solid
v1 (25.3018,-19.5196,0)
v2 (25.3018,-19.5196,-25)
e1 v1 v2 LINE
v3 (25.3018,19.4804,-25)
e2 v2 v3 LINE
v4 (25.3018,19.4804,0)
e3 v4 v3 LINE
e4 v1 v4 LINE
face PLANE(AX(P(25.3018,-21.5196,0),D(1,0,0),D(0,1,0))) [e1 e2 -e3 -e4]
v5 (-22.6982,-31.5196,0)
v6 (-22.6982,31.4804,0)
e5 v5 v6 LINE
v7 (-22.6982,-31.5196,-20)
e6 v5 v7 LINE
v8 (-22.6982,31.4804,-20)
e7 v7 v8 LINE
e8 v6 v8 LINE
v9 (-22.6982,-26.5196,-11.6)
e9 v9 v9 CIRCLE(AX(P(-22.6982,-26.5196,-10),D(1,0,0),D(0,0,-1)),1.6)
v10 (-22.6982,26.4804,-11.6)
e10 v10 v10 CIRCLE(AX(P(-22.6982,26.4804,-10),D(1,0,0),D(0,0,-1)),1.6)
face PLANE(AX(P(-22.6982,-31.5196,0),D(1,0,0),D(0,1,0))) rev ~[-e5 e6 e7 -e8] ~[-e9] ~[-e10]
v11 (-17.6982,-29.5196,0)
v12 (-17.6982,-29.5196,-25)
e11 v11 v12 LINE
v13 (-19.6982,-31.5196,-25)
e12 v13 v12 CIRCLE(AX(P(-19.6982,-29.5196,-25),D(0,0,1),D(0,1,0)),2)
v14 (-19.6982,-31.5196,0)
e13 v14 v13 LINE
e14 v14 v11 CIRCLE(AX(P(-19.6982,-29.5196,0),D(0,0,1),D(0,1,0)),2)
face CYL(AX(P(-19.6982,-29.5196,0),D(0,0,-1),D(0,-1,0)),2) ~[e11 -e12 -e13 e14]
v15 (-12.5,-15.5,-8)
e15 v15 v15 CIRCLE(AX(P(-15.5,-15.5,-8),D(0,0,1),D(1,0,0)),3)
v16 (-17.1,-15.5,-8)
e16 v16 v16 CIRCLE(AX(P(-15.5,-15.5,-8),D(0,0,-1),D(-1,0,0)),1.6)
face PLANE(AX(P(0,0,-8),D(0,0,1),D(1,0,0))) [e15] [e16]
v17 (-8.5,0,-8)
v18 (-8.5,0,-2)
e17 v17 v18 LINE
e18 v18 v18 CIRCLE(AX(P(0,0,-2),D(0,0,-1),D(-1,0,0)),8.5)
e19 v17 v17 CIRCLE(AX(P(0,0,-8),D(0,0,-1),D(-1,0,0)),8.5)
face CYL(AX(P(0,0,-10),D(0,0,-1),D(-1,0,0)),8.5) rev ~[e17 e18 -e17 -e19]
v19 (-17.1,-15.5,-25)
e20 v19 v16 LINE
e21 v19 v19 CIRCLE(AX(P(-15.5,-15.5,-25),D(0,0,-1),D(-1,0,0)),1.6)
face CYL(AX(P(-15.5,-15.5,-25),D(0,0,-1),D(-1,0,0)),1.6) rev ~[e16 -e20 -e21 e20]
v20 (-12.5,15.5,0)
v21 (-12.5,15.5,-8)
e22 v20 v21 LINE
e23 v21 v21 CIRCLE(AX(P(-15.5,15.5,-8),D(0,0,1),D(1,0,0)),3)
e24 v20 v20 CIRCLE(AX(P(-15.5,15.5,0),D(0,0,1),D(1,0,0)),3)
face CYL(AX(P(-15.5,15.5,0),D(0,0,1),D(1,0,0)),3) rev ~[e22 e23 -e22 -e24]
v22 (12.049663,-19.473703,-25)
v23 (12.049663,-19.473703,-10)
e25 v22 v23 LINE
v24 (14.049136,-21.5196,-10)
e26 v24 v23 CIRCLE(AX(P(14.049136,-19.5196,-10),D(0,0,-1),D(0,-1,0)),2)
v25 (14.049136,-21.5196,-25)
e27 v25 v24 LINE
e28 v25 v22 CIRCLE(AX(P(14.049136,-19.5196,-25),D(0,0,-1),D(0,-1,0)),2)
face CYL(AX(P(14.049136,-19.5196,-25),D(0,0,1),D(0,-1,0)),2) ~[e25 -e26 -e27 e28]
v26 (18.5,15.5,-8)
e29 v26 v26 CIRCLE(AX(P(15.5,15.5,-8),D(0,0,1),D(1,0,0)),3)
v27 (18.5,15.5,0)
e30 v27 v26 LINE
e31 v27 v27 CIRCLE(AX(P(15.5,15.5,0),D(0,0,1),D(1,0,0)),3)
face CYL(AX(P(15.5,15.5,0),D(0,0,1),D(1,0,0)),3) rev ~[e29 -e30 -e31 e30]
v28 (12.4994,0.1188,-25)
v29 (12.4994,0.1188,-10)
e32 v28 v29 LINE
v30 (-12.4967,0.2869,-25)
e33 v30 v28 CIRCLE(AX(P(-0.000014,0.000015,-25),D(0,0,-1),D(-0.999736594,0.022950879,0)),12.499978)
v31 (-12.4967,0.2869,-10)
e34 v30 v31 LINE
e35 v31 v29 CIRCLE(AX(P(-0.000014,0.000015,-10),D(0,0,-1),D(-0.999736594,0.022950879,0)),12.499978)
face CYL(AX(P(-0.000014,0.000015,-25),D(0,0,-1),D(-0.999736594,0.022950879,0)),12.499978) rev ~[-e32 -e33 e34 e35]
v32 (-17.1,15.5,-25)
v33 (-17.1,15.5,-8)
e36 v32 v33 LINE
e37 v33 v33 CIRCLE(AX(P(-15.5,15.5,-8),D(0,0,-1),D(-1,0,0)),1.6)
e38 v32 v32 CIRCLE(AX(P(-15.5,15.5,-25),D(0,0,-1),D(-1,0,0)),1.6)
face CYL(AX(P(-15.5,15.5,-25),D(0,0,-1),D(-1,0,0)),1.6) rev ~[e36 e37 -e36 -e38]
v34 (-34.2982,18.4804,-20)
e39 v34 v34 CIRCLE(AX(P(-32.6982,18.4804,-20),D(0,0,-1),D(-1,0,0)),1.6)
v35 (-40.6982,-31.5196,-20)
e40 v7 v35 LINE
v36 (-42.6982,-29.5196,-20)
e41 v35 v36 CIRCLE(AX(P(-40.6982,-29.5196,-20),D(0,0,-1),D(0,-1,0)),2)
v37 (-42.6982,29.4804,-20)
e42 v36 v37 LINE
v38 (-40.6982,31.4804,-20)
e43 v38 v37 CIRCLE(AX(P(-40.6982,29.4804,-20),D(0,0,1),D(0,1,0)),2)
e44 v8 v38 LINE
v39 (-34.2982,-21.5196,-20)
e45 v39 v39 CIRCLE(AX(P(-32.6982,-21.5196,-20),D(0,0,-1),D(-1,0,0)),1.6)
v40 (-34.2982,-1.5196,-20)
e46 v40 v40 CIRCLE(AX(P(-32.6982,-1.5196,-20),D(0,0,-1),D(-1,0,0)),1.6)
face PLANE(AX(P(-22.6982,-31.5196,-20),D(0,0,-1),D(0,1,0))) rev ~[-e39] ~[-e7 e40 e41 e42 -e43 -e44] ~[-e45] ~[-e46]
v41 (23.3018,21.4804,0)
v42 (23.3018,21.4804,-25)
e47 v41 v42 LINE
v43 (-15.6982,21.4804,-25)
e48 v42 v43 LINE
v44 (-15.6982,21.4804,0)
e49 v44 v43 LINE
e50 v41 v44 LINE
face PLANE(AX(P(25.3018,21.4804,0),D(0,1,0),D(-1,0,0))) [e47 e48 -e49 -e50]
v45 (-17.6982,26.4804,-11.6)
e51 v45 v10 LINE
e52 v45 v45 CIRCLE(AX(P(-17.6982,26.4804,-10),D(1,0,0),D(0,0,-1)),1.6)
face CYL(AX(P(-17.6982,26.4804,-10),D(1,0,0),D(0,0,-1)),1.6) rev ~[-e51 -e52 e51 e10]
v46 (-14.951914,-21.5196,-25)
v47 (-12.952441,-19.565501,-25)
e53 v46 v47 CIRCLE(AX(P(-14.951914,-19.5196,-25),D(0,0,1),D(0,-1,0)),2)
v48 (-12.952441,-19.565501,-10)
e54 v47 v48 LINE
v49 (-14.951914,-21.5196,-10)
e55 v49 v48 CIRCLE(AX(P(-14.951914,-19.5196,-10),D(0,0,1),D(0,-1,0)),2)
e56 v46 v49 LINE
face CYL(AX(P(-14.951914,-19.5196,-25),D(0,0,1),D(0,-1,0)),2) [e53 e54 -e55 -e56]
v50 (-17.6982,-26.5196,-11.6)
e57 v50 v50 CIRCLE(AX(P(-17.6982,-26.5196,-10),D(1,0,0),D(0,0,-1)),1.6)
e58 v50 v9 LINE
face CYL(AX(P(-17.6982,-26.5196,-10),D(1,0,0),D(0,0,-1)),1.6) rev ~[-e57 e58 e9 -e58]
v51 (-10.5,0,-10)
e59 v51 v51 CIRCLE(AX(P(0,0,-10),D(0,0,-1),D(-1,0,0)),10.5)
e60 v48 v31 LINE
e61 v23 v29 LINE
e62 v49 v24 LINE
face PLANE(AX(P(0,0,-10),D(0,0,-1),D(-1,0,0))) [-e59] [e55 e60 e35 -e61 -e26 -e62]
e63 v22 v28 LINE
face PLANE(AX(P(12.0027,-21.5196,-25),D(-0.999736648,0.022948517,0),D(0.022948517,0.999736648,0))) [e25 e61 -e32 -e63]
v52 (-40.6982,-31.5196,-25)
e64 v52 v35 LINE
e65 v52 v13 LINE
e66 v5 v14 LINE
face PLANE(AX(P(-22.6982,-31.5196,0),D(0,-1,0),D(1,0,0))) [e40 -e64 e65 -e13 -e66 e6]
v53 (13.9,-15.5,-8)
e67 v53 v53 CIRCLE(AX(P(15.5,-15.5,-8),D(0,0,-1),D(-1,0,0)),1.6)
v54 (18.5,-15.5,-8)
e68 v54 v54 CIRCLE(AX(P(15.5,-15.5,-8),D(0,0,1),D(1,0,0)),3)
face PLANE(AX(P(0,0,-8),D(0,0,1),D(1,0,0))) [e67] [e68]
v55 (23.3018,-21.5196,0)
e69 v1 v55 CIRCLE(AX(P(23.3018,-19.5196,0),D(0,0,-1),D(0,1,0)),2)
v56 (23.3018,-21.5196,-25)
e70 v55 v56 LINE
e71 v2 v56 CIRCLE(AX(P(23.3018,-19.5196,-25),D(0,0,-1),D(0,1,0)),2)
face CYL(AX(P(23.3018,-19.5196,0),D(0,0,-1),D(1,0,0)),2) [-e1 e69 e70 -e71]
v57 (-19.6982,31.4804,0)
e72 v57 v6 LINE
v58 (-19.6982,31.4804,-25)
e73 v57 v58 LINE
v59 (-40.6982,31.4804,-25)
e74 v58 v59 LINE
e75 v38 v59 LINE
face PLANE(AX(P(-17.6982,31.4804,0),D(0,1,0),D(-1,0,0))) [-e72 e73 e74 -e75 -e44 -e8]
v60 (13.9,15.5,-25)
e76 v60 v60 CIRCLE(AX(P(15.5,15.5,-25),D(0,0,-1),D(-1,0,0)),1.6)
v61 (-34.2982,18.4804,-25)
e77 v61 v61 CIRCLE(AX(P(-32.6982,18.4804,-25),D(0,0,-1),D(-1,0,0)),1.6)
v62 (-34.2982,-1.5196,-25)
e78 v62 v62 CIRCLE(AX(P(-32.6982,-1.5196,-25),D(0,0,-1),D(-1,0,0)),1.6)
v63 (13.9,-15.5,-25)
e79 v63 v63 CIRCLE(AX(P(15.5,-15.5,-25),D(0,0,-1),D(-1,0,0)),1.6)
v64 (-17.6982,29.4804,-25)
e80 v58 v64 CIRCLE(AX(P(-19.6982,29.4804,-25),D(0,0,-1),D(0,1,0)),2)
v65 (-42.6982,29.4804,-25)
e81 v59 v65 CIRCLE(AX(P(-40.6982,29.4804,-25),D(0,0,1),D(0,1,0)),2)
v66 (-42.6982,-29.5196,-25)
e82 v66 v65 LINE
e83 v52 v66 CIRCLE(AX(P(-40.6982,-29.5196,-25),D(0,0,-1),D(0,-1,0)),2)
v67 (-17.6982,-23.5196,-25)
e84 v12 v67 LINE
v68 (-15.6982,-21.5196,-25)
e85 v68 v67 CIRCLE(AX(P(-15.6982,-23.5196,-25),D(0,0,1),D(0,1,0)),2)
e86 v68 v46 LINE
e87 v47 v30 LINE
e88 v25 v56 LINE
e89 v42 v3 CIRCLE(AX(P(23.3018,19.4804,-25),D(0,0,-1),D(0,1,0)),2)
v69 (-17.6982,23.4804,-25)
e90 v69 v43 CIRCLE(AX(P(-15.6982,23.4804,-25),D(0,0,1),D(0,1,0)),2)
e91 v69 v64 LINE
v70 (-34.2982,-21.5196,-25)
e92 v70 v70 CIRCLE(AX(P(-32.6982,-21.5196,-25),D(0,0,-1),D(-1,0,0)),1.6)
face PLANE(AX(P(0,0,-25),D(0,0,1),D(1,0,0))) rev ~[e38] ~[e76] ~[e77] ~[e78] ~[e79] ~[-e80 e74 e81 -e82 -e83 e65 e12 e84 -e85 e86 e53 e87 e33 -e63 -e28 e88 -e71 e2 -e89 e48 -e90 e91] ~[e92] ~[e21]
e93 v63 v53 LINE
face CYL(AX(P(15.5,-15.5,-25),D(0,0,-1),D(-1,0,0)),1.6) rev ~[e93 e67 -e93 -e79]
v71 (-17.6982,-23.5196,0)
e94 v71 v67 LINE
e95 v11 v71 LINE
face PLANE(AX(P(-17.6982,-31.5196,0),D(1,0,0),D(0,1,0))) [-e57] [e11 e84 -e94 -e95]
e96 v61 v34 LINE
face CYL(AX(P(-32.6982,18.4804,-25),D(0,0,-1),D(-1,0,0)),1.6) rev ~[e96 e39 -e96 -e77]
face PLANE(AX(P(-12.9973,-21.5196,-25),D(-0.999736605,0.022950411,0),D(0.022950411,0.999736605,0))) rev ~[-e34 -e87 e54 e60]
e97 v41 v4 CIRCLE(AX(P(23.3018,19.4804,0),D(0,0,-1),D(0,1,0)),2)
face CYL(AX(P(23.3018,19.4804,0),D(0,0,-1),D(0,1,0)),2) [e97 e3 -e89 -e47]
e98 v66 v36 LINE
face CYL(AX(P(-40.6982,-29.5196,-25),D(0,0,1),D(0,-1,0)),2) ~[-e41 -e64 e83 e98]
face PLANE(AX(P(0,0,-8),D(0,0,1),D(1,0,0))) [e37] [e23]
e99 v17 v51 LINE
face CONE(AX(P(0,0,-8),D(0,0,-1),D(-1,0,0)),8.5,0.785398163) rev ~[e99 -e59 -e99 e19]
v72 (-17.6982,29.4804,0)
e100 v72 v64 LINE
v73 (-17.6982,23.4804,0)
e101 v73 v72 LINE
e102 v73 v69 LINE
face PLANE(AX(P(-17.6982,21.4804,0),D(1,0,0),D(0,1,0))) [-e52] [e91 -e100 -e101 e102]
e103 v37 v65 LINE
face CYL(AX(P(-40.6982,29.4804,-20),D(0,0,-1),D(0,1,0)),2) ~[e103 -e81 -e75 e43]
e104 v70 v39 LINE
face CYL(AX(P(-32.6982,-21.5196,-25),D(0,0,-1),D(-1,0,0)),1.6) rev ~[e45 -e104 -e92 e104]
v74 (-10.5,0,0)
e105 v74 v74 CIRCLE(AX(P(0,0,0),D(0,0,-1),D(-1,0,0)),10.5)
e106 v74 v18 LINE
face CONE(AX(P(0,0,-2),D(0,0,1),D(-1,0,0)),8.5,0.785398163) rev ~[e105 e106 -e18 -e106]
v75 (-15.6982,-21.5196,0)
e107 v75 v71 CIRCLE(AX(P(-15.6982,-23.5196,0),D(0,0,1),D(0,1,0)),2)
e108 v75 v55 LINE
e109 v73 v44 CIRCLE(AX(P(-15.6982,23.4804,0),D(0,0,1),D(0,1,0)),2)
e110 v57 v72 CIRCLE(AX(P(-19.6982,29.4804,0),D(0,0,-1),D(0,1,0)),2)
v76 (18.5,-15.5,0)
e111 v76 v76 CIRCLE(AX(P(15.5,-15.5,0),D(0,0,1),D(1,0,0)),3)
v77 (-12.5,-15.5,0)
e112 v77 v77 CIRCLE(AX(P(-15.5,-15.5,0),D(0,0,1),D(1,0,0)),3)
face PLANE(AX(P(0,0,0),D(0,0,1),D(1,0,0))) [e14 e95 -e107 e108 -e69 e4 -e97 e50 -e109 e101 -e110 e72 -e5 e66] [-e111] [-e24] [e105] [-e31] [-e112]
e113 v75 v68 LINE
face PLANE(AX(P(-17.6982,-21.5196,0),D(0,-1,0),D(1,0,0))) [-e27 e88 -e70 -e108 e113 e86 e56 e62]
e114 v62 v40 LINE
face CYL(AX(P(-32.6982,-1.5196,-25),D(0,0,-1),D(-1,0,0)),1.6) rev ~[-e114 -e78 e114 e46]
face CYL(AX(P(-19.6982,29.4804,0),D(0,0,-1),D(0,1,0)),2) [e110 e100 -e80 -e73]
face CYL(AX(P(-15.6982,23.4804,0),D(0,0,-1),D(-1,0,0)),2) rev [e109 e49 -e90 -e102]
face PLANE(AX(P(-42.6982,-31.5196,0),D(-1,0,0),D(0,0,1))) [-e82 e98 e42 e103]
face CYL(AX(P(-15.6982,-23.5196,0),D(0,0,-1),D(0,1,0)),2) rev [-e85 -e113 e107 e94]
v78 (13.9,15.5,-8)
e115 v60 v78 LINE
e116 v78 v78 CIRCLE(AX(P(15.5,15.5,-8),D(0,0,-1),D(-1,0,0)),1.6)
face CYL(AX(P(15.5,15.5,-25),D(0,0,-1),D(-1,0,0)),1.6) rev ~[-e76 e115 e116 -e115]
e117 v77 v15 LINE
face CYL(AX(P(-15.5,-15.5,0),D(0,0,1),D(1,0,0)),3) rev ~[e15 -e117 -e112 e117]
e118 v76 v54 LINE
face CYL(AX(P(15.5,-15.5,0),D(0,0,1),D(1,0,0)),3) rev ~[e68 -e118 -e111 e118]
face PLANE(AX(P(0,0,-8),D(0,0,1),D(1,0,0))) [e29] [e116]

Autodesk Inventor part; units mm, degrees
ref_plane "YZ Plane" through (0, 0, 0) normal (1, 0, 0) x (0, 1, 0)
ref_plane "XZ Plane" through (0, 0, 0) normal (0, 1, 0) x (-1, 0, 0)
ref_plane "XY Plane" through (0, 0, 0) normal (0, 0, 1) x (1, 0, 0)
sketch "Skizze1" plane through (0, 0, 0) normal (0, 0, 1) x (1, 0, 0)
  line L0 (-22.6982, -31.5196) -> (-17.6982, -31.5196)
  line L1 (-17.6982, -31.5196) -> (-17.6982, -21.5196)
  line L2 (-17.6982, -21.5196) -> (25.3018, -21.5196)
  line L3 (25.3018, -21.5196) -> (25.3018, 21.4804)
  line L4 (25.3018, 21.4804) -> (-17.6982, 21.4804)
  line L5 (-17.6982, 21.4804) -> (-17.6982, 31.4804)
  line L6 (-17.6982, 31.4804) -> (-22.6982, 31.4804)
  line L7 (-22.6982, -31.5196) -> (-22.6982, 31.4804)
  point P0 (0, 0)
  dimension "d0" = 5
  dimension "d1" = 10
  dimension "d2" = 43
  dimension "d3" = 43
  dimension "d4" = 10
  dimension "d5" = 5
extrude "Extrusion1" add sketch "Skizze1" against normal blind 25
sketch "Skizze2" plane through (-22.6982, -31.5196, 0) normal (-1, 0, 0) x (0, 0, 1)
  line L0 (-25, 0) -> (-25, 63) projected
  line L1 (0, 63) -> (-25, 63) projected
  line L2 (-25, 0) -> (-20, 0)
  line L3 (-20, 0) -> (-20, 63)
  line L4 (-20, 63) -> (-25, 63)
  line L5 (-25, 63) -> (-25, 0)
  point P0 (0, 31.5196)
  dimension "d8" = 5
extrude "Extrusion2" add sketch "Skizze2" along normal blind 20
sketch "Skizze3" plane through (0, 0, -25) normal (0, 0, -1) x (-1, 0, 0)
  line L0 (12.9973, -21.5196) -> (-12.0027, -21.5196)
  line L1 (12.9973, -21.5196) -> (12.4967, 0.2869)
  line L2 (-12.0027, -21.5196) -> (-12.4994, 0.1188)
  arc A0 (12.4967, 0.2869) -> (-12.4994, 0.1188) centre (0, 0) ccw
  dimension "d12" = 25
extrude "Extrusion3" cut sketch "Skizze3" against normal blind 15
sketch "Skizze4" plane through (0, 0, -25) normal (0, 0, -1) x (-1, 0, 0)
  circle A0 centre (32.6982, -21.5196) radius 1.6
  line L0 (42.6982, 31.4804) -> (42.6982, -31.5196) projected
  line L1 (17.6982, -31.5196) -> (42.6982, -31.5196) projected
  circle A1 centre (32.6982, -1.5196) radius 1.6
  circle A2 centre (32.6982, 18.4804) radius 1.6
  point P0 (0, 0)
  dimension "d16" = 3.2
  dimension "d17" = 10
  dimension "d18" = 10
  dimension "d21" = 20
extrude "Extrusion4" cut sketch "Skizze4" against normal through all
fillet "Rundung1" radius 2 10 edges at (25.3018, -21.5196, -12.5) (-17.6982, -21.5196, -12.5) (25.3018, 21.4804, -12.5) (-17.6982, 21.4804, -12.5) (-17.6982, 31.4804, -12.5) (-17.6982, -31.5196, -12.5) (-42.6982, -31.5196, -22.5) (-42.6982, 31.4804, -22.5) (-12.9973, -21.5196, -17.5) (12.0027, -21.5196, -17.5)
sketch "Skizze5" plane through (0, 0, -25) normal (0, 0, -1) x (-1, 0, 0)
  circle A0 centre (15.5, -15.5) radius 1.6
  circle A1 centre (-15.5, -15.5) radius 1.6
  circle A2 centre (15.5, 15.5) radius 1.6
  circle A3 centre (-15.5, 15.5) radius 1.6
  point P0 (0, 0)
  dimension "d29" = 3.2
  dimension "d30" = 15.5
  dimension "d31" = 15.5
  dimension "d32" = 3.2
  dimension "d33" = 31
  dimension "d34" = 3.2
  dimension "d35" = 3.2
  dimension "d36" = 31
  dimension "d37" = 31
  dimension "d38" = 31
extrude "Extrusion5" cut sketch "Skizze5" against normal through all
sketch "Skizze6" plane through (-17.6982, 23.4804, 0) normal (1, 0, 0) x (0, 0, -1)
  circle A0 centre (10, 3) radius 1.6
  line L0 (0, 0) -> (0, 6) projected
  line L1 (25, 8) -> (0, 8) projected
  circle A1 centre (10, -50) radius 1.6
  line L2 (0, -55) -> (25, -55) projected
  line L3 (0, -53) -> (0, -47) projected
  point P0 (0, -23.4804)
  dimension "d41" = 3.2
  dimension "d42" = 10
  dimension "d43" = 5
  dimension "d44" = 3.2
  dimension "d45" = 5
  dimension "d46" = 10
extrude "Extrusion6" cut sketch "Skizze6" against normal through all
sketch "Skizze7" plane through (0, 0, 0) normal (0, 0, 1) x (1, 0, 0)
  circle A0 centre (15.5, -15.5) radius 1.6 projected
  circle A1 centre (-15.5, -15.5) radius 1.6 projected
  circle A2 centre (-15.5, 15.5) radius 1.6 projected
  circle A3 centre (15.5, 15.5) radius 1.6 projected
  circle A4 centre (15.5, -15.5) radius 3
  circle A5 centre (-15.5, -15.5) radius 3
  circle A6 centre (15.5, 15.5) radius 1.6 projected
  circle A7 centre (15.5, 15.5) radius 3
  circle A8 centre (-15.5, 15.5) radius 3
  point P0 (0, 0)
  dimension "d49" = 6
  dimension "d50" = 6
  dimension "d51" = 6
  dimension "d52" = 6
extrude "Extrusion7" cut sketch "Skizze7" against normal blind 8
sketch "Skizze8" plane through (0, 0, -10) normal (0, 0, -1) x (-1, 0, 0)
  circle A0 centre (0, 0) radius 8.5
  dimension "d55" = 17
extrude "Extrusion8" cut sketch "Skizze8" against normal through all
chamfer "Fase1" distance 2 angle 45 2 edges at (8.5, 0, -10) (8.5, 0, 0)
properties part number "Y motor mount" material "ABS-Kunststoff"
